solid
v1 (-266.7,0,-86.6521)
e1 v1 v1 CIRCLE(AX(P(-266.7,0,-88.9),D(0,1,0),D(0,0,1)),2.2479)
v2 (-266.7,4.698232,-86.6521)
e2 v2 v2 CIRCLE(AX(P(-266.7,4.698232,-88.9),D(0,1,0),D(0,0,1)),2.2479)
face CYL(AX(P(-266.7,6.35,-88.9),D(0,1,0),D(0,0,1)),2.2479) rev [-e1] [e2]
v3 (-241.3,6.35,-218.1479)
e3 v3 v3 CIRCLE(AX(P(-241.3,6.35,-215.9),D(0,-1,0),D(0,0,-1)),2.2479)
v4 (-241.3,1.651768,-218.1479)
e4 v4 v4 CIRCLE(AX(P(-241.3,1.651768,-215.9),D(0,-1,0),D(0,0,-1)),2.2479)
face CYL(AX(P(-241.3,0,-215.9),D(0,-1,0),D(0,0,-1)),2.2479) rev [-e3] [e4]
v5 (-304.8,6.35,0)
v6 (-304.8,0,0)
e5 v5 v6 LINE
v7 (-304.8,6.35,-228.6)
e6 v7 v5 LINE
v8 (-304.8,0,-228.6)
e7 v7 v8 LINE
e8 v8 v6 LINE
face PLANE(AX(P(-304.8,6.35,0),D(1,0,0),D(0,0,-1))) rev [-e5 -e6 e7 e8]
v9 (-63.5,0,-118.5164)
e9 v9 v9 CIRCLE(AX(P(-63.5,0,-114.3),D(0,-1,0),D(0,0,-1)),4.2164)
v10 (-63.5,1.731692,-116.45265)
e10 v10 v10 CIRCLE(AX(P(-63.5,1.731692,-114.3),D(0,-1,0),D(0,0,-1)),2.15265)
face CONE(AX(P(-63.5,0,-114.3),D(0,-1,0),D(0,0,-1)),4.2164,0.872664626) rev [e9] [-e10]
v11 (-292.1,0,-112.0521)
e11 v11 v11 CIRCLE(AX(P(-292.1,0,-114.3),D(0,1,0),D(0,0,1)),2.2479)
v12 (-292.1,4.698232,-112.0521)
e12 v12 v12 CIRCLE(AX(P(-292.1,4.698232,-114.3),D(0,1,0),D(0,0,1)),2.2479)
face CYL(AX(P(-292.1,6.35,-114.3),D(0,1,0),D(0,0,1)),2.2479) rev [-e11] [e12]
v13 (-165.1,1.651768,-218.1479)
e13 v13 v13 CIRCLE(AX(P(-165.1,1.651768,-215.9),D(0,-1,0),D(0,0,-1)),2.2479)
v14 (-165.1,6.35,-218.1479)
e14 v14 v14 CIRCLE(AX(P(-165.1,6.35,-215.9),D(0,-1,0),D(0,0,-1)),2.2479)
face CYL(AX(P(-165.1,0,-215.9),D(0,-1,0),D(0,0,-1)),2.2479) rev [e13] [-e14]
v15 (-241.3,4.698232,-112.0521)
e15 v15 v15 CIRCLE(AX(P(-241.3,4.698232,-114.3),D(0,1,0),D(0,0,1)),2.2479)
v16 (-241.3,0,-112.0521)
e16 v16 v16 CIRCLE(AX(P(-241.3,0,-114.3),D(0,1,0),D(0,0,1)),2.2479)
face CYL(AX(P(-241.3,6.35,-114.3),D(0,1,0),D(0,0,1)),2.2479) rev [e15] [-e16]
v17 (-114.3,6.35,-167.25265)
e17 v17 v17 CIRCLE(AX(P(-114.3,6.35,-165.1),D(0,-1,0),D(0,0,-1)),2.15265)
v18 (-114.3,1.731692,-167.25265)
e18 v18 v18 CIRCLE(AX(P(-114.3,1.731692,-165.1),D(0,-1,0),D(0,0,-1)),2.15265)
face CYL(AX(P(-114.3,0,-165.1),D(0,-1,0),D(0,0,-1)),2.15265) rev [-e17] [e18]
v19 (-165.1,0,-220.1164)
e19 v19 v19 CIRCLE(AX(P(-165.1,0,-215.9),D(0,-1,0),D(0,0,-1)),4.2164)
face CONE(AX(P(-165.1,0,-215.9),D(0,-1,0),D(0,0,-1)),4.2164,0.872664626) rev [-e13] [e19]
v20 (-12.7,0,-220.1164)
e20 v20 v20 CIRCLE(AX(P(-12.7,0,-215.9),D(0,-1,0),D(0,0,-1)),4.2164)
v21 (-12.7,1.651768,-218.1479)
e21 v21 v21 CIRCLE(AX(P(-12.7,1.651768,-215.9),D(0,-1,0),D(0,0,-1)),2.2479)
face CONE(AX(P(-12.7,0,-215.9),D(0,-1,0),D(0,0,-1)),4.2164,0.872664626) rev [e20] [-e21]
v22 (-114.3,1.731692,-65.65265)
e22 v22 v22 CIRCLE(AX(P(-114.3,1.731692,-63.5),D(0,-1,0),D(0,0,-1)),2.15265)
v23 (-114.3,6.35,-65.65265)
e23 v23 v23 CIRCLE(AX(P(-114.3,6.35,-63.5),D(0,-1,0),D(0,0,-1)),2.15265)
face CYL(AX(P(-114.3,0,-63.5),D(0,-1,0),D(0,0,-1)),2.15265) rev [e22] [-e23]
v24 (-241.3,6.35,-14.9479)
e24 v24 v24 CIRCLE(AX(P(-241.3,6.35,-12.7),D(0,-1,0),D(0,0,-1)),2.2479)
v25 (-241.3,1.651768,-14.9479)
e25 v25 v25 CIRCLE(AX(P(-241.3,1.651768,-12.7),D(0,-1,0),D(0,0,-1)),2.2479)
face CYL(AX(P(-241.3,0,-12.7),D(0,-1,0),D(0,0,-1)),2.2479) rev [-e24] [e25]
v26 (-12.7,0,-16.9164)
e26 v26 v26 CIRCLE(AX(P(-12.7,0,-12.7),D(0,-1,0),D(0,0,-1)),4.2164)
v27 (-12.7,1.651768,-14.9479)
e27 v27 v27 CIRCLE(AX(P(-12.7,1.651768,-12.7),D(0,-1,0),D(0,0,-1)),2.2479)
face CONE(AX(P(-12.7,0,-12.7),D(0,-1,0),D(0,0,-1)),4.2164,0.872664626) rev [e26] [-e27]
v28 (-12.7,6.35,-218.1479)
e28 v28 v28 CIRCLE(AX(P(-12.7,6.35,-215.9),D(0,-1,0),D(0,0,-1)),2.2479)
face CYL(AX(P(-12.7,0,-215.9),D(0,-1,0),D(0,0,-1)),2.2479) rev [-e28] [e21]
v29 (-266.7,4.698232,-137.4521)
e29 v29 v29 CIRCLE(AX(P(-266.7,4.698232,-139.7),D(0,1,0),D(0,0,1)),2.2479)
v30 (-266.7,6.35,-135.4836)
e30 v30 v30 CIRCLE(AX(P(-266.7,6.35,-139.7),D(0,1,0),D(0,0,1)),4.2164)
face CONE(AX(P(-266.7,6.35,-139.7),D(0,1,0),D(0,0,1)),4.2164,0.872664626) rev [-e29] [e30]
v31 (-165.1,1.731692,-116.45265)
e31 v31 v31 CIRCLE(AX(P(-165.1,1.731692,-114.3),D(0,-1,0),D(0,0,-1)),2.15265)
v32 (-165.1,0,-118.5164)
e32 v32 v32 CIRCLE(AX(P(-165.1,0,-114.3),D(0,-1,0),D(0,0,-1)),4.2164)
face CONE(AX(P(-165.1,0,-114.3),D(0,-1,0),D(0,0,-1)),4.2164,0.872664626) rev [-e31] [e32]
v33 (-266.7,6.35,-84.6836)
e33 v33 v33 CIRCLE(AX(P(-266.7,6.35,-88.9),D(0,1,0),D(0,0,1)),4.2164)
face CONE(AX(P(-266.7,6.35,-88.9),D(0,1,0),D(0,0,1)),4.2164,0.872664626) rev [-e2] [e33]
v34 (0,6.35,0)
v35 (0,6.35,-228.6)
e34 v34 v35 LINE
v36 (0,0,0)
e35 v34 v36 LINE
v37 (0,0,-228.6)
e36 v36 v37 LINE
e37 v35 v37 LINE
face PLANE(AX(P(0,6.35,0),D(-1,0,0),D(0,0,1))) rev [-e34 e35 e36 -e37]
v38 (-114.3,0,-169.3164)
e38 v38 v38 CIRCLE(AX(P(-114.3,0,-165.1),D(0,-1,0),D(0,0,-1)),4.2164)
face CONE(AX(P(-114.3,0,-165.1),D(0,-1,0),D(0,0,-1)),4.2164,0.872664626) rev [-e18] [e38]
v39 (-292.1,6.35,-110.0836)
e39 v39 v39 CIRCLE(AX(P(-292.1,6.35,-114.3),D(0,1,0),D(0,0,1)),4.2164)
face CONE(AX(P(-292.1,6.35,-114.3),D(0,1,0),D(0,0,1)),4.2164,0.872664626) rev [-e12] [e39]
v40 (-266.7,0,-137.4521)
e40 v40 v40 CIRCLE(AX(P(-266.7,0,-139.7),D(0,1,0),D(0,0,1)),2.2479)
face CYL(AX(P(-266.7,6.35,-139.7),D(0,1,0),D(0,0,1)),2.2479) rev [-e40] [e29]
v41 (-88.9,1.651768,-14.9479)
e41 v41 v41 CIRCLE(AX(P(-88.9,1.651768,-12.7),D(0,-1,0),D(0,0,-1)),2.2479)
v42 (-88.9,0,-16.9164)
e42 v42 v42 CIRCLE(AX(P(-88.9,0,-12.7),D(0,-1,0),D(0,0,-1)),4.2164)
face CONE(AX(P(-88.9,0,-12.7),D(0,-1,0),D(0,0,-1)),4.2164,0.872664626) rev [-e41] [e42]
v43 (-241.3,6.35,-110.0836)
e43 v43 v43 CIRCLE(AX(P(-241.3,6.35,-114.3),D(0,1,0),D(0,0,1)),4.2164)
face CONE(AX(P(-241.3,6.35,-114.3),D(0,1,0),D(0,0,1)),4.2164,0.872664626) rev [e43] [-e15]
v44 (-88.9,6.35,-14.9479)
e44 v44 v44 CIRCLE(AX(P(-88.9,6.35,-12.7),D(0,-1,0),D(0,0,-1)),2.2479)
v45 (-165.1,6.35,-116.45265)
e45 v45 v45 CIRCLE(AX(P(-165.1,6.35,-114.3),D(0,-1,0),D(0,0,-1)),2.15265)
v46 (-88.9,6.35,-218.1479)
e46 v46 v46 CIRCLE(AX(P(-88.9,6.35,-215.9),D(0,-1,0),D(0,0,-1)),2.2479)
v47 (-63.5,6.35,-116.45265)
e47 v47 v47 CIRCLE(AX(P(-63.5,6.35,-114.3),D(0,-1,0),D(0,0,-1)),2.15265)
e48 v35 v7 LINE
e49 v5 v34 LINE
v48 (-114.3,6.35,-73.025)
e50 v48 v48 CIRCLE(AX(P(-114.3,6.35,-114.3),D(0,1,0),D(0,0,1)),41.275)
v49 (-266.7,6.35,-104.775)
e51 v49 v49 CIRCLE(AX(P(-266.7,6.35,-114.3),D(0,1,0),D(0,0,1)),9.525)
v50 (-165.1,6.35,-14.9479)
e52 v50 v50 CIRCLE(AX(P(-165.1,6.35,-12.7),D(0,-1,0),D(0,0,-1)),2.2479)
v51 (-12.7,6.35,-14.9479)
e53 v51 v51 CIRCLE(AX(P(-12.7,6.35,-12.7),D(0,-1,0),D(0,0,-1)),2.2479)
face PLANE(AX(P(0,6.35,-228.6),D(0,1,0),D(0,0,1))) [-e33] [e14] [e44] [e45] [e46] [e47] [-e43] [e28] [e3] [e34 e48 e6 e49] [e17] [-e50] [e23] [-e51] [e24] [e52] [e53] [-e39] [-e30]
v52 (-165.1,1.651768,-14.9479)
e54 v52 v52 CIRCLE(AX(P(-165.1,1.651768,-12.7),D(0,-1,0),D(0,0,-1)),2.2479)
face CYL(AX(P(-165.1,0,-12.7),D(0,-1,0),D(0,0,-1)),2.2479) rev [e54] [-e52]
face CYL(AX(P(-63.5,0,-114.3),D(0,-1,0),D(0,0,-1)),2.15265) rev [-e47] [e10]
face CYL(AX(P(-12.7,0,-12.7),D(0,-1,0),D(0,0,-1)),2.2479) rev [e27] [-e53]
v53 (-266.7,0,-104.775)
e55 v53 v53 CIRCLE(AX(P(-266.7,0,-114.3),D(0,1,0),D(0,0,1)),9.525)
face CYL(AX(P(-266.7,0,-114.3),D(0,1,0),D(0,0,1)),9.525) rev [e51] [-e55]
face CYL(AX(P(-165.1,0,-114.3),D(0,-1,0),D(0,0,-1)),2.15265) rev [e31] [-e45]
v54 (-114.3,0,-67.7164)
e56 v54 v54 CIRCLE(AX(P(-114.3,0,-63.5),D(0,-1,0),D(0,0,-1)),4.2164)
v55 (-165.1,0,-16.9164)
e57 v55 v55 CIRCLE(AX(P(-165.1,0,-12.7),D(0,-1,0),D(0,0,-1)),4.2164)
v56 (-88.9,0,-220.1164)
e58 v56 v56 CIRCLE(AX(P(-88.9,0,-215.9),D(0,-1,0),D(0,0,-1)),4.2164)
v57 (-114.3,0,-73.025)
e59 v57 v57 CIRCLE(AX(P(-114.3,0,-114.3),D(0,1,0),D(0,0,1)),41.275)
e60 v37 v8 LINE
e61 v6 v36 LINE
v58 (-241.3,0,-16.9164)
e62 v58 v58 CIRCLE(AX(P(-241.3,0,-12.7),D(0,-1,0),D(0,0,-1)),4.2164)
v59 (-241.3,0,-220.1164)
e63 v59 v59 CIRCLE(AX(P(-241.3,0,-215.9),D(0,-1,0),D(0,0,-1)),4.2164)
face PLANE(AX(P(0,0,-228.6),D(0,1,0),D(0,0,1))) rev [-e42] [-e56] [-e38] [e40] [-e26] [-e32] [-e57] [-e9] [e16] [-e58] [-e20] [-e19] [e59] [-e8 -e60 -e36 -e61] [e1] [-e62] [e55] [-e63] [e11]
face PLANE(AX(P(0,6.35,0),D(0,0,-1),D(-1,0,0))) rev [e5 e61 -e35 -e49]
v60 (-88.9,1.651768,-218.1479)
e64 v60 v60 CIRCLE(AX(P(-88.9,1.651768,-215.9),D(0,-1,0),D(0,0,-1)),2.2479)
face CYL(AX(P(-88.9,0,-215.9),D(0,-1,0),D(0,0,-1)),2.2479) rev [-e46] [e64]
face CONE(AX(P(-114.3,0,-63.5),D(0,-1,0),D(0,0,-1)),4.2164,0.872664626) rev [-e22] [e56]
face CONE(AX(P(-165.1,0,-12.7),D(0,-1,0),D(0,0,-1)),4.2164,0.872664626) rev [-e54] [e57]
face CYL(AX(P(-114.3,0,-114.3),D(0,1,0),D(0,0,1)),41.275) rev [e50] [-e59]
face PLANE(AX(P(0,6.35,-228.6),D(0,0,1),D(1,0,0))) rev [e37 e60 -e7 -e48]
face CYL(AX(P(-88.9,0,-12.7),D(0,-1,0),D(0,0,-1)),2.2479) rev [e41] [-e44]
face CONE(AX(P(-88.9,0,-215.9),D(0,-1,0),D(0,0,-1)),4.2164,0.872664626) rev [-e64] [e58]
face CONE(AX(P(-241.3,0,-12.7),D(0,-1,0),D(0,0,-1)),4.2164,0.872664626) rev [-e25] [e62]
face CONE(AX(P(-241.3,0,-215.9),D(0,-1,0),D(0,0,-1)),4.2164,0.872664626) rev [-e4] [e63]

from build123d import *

# Parameters (mm, degrees)
SKETCH1_W                                         = 304.8
SKETCH1_H                                         = 228.6
BOSS_EXTRUDE1_DEPTH                               = 6.35
CSK_FOR_8_FLAT_HEAD_MACHINE_SCREW_100_D           = 4.3053
CSK_FOR_8_FLAT_HEAD_MACHINE_SCREW_100_CSINK_D     = 8.4328
CSK_FOR_8_FLAT_HEAD_MACHINE_SCREW_100_CSINK_ANGLE = 100
CIRPATTERN1_COUNT                                 = 4
SKETCH5_R                                         = 41.275
CUT_EXTRUDE1_DEPTH                                = 7.35
CSK_FOR_8_FLAT_HEAD_MACHINE_SCREW_2_D             = 4.4958
CSK_FOR_8_FLAT_HEAD_MACHINE_SCREW_2_CSINK_D       = 8.4328
CSK_FOR_8_FLAT_HEAD_MACHINE_SCREW_2_CSINK_ANGLE   = 100
LPATTERN1_COUNT                                   = 4
LPATTERN1_PITCH                                   = 76.2
SKETCH8_R                                         = 9.525
CUT_EXTRUDE2_DEPTH                                = 7.35
CSK_FOR_8_FLAT_HEAD_MACHINE_SCREW_3_D             = 4.4958
CSK_FOR_8_FLAT_HEAD_MACHINE_SCREW_3_CSINK_D       = 8.4328
CSK_FOR_8_FLAT_HEAD_MACHINE_SCREW_3_CSINK_ANGLE   = 100
CIRPATTERN2_COUNT                                 = 4


with BuildPart() as part:
    # Sketch1 → Boss-Extrude1 (new body)
    with BuildSketch(Plane(origin=(0, 0, 0), x_dir=(1, 0, 0), z_dir=(0, 1, 0))):
        with Locations((-152.4, 114.3)):
            Rectangle(SKETCH1_W, SKETCH1_H)
    extrude(amount=BOSS_EXTRUDE1_DEPTH)

    # CSK for _8 Flat Head Machine Screw _100 (through all)
    with Locations(Plane.XZ):
        with Locations((-114.3, -63.5)):
            csk_for_8_flat_head_machine_screw_100 = CounterSinkHole(CSK_FOR_8_FLAT_HEAD_MACHINE_SCREW_100_D / 2, CSK_FOR_8_FLAT_HEAD_MACHINE_SCREW_100_CSINK_D / 2, counter_sink_angle=CSK_FOR_8_FLAT_HEAD_MACHINE_SCREW_100_CSINK_ANGLE)

    # CirPattern1: CSK for _8 Flat Head Machine Screw _100 ×4 about axis
    cirpattern1_axis = Axis((-114.3, 0, -114.3), (0, 1, 0))
    for i in range(1, CIRPATTERN1_COUNT):
        add(csk_for_8_flat_head_machine_screw_100.rotate(cirpattern1_axis, i * 360 / CIRPATTERN1_COUNT), mode=Mode.SUBTRACT)

    # Sketch5 → Cut-Extrude1 (cut, through all)
    with BuildSketch(Plane(origin=(0, 6.35, 0), x_dir=(-1, 0, 0), z_dir=(0, 1, 0))):
        with Locations(Location((114.3, -114.3, 0), (0, 0, 90))):  # turned: the seam where the file's is
            Circle(SKETCH5_R)
    extrude(amount=-CUT_EXTRUDE1_DEPTH, mode=Mode.SUBTRACT)

    # CSK for _8 Flat Head Machine Screw _ 2 (through all)
    with Locations(Plane.XZ):
        with Locations((-12.7, -12.7), (-12.7, -215.9)):
            csk_for_8_flat_head_machine_screw_2 = CounterSinkHole(CSK_FOR_8_FLAT_HEAD_MACHINE_SCREW_2_D / 2, CSK_FOR_8_FLAT_HEAD_MACHINE_SCREW_2_CSINK_D / 2, counter_sink_angle=CSK_FOR_8_FLAT_HEAD_MACHINE_SCREW_2_CSINK_ANGLE)

    # LPattern1: CSK for _8 Flat Head Machine Screw _ 2 ×4
    with Locations(*[(-i * LPATTERN1_PITCH, 0, 0) for i in range(1, LPATTERN1_COUNT)]):
        add(csk_for_8_flat_head_machine_screw_2, mode=Mode.SUBTRACT)

    # Sketch8 → Cut-Extrude2 (cut, through all)
    with BuildSketch(Plane(origin=(0, 6.35, 0), x_dir=(1, 0, 0), z_dir=(0, 1, 0))):
        with Locations(Location((-266.7, 114.3, 0), (0, 0, 270))):  # turned: the seam where the file's is
            Circle(SKETCH8_R)
    extrude(amount=-CUT_EXTRUDE2_DEPTH, mode=Mode.SUBTRACT)

    # CSK for _8 Flat Head Machine Screw _ 3 (through all)
    with Locations(Plane(origin=(13.285571089, 6.35, -61.700466349), x_dir=(1, 0, 0), z_dir=(0, 1, 0))):
        with Locations((-305.385571089, 52.599533651)):
            csk_for_8_flat_head_machine_screw_3 = CounterSinkHole(CSK_FOR_8_FLAT_HEAD_MACHINE_SCREW_3_D / 2, CSK_FOR_8_FLAT_HEAD_MACHINE_SCREW_3_CSINK_D / 2, counter_sink_angle=CSK_FOR_8_FLAT_HEAD_MACHINE_SCREW_3_CSINK_ANGLE)

    # CirPattern2: CSK for _8 Flat Head Machine Screw _ 3 ×4 about axis
    cirpattern2_axis = Axis((-266.7, 0, -114.3), (0, 1, 0))
    for i in range(1, CIRPATTERN2_COUNT):
        add(csk_for_8_flat_head_machine_screw_3.rotate(cirpattern2_axis, i * 360 / CIRPATTERN2_COUNT), mode=Mode.SUBTRACT)


solid = part.part
